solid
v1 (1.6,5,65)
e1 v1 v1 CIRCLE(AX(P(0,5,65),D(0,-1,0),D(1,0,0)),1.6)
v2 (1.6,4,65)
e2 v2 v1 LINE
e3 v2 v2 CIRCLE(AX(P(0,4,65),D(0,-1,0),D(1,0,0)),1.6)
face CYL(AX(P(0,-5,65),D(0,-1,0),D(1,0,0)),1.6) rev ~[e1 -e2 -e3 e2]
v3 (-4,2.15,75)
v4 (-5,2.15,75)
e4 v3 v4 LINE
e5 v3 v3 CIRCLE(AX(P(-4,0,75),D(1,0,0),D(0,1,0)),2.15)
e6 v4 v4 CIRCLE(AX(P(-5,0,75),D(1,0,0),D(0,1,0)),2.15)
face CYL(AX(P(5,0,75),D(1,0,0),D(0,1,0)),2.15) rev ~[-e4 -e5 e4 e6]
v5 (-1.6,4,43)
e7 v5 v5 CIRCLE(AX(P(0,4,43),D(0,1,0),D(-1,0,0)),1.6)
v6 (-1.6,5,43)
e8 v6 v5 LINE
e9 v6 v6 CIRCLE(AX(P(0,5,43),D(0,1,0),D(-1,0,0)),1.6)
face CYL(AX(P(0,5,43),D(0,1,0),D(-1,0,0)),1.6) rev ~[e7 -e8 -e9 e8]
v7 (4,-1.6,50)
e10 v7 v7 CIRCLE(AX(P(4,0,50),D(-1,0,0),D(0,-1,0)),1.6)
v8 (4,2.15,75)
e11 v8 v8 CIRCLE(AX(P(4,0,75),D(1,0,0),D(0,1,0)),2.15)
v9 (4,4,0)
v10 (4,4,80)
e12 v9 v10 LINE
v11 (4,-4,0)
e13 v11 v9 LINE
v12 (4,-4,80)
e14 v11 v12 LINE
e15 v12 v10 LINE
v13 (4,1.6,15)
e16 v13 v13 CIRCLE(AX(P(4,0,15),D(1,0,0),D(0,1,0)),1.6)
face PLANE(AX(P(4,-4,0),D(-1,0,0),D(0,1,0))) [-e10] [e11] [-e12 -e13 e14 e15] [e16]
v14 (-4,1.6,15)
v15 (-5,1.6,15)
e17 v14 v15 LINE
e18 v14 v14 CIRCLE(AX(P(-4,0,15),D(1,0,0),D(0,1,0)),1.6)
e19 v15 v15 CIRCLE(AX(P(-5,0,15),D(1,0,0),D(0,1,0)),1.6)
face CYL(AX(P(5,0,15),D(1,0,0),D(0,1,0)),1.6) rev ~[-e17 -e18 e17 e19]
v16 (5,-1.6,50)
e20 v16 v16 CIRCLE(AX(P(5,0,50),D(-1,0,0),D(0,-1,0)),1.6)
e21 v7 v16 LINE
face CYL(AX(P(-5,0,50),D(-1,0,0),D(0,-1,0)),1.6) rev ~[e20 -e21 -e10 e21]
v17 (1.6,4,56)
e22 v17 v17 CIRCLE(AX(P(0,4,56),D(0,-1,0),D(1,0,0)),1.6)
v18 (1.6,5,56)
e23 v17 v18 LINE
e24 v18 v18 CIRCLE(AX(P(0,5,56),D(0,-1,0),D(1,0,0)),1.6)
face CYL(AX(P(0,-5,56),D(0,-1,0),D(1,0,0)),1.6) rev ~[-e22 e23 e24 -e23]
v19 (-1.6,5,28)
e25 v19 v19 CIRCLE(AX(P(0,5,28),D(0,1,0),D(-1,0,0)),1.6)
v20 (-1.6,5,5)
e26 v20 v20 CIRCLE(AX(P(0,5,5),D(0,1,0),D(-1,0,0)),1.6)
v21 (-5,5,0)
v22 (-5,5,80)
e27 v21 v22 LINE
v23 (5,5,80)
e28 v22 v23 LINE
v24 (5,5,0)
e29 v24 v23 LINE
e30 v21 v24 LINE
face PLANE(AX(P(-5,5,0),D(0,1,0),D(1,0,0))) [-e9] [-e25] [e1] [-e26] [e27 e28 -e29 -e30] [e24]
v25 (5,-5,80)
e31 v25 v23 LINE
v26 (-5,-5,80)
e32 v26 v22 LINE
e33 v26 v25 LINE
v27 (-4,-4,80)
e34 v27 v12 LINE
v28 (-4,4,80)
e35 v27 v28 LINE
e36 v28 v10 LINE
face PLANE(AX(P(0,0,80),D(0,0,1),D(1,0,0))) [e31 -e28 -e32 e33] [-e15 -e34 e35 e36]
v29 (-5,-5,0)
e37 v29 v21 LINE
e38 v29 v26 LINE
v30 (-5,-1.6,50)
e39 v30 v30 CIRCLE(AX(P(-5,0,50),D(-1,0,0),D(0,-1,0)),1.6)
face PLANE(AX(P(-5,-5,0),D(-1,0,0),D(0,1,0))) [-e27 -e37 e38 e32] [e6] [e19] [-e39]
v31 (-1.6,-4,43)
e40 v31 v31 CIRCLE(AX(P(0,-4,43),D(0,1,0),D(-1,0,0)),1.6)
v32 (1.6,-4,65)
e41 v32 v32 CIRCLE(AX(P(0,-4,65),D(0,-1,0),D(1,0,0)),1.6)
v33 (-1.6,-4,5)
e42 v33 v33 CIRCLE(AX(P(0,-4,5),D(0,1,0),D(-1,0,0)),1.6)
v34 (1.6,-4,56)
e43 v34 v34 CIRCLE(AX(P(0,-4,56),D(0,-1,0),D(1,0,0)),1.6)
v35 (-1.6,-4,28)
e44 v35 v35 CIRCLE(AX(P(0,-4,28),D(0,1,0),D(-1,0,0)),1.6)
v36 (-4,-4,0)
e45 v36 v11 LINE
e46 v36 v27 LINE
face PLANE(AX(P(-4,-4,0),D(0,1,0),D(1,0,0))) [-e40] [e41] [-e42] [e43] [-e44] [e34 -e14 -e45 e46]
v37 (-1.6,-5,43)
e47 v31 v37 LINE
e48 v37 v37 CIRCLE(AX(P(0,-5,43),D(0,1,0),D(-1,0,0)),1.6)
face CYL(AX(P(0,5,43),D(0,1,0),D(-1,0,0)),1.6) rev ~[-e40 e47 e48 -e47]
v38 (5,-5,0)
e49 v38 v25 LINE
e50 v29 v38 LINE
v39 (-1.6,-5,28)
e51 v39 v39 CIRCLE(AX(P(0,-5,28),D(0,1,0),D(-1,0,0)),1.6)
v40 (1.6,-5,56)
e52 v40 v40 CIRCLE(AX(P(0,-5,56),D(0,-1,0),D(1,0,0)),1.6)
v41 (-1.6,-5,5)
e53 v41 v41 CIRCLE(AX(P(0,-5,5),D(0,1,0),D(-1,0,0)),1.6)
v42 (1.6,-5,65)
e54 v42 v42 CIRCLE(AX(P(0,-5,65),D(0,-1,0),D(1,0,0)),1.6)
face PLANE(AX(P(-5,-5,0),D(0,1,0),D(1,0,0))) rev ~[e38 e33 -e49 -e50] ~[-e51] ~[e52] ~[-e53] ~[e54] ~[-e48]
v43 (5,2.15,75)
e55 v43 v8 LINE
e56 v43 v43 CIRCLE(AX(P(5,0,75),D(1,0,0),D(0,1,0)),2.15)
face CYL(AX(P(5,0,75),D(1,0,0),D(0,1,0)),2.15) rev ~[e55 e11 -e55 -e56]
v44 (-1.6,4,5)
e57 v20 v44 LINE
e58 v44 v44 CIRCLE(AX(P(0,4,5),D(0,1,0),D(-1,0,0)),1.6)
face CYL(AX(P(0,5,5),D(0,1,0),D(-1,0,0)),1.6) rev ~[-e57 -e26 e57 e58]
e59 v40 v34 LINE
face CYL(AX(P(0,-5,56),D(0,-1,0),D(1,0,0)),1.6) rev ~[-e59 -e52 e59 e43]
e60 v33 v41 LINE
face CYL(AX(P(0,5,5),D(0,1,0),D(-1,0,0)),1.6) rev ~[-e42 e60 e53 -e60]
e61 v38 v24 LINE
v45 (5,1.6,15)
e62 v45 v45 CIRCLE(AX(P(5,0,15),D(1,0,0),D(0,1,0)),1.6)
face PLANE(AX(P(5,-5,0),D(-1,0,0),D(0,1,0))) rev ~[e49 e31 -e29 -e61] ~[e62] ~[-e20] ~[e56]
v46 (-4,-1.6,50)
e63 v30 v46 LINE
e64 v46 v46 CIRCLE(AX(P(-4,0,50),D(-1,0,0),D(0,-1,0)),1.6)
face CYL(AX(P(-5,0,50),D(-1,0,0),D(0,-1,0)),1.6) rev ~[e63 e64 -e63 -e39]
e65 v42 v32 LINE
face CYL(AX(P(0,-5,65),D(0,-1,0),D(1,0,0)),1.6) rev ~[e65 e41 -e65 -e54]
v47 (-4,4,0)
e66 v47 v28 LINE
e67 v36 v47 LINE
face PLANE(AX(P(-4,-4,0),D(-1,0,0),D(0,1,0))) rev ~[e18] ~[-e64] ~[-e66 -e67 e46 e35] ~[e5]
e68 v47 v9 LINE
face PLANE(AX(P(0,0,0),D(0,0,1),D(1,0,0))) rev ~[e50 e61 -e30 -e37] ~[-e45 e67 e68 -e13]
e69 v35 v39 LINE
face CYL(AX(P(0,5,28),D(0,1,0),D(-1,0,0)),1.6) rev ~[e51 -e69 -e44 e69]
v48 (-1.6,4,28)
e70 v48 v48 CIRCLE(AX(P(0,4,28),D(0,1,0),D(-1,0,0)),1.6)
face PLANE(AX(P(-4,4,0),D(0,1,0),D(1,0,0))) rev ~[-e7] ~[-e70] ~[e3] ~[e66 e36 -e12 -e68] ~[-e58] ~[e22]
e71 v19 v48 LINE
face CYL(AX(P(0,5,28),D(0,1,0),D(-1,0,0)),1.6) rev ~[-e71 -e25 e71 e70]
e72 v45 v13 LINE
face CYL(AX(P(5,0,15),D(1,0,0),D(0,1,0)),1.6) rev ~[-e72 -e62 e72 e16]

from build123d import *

# Parameters (mm, degrees)
SKETCH_1_W          = 10
SKETCH_1_H          = 10
SKETCH_1_W_2        = 8
SKETCH_1_H_2        = 8
EXTRUDE_1_DEPTH     = 80
SKETCH_2_R          = 1.6
CUT_EXTRUDE_1_DEPTH = 81.777472107
SKETCH_3_R          = 1.6
CUT_EXTRUDE_2_DEPTH = 81.777472107
SKETCH_4_R          = 1.6
CUT_EXTRUDE_3_DEPTH = 81.777472107
SKETCH_5_R          = 1.6
CUT_EXTRUDE_4_DEPTH = 81.777472107
SKETCH_6_R          = 1.6
CUT_EXTRUDE_5_DEPTH = 81.777472107
SKETCH_7_R          = 2.15
CUT_EXTRUDE_6_DEPTH = 81.777472107


with BuildPart() as part:
    # ｽｹｯﾁ1 → 押し出し-薄板1 (new body)
    with BuildSketch(Plane.XY):
        Rectangle(SKETCH_1_W, SKETCH_1_H)
        Rectangle(SKETCH_1_W_2, SKETCH_1_H_2, mode=Mode.SUBTRACT)
    extrude(amount=EXTRUDE_1_DEPTH)

    # ｽｹｯﾁ2 → ｶｯﾄ - 押し出し1 (cut, through all)
    with BuildSketch(Plane(origin=(0, 5, 0), x_dir=(1, 0, 0), z_dir=(0, 1, 0))):
        with Locations(Location((0, -5, 0), (0, 0, 180))):
            Circle(SKETCH_2_R)
    extrude(amount=-CUT_EXTRUDE_1_DEPTH, mode=Mode.SUBTRACT)

    # ｽｹｯﾁ3 → ｶｯﾄ - 押し出し2 (cut, through all)
    with BuildSketch(Plane(origin=(5, 0, 0), x_dir=(0, 0, -1), z_dir=(1, 0, 0))):
        with Locations(Location((-15, 0, 0), (0, 0, 90))):
            Circle(SKETCH_3_R)
    extrude(amount=-CUT_EXTRUDE_2_DEPTH, mode=Mode.SUBTRACT)

    # ｽｹｯﾁ4 → ｶｯﾄ - 押し出し3 (cut, through all)
    with BuildSketch(Plane.XZ.offset(5)):
        with Locations((0, 65)):
            Circle(SKETCH_4_R)
        with Locations((0, 56)):
            Circle(SKETCH_4_R)
    extrude(amount=-CUT_EXTRUDE_3_DEPTH, mode=Mode.SUBTRACT)

    # ｽｹｯﾁ5 → ｶｯﾄ - 押し出し4 (cut, through all)
    with BuildSketch(Plane.ZY.offset(5)):
        with Locations(Location((50, 0, 0), (0, 0, 270))):
            Circle(SKETCH_5_R)
    extrude(amount=-CUT_EXTRUDE_4_DEPTH, mode=Mode.SUBTRACT)

    # ｽｹｯﾁ6 → ｶｯﾄ - 押し出し5 (cut, through all)
    with BuildSketch(Plane(origin=(0, 5, 0), x_dir=(1, 0, 0), z_dir=(0, 1, 0))):
        with Locations(Location((0, -43, 0), (0, 0, 180))):
            Circle(SKETCH_6_R)
        with Locations(Location((0, -28, 0), (0, 0, 180))):
            Circle(SKETCH_6_R)
    extrude(amount=-CUT_EXTRUDE_5_DEPTH, mode=Mode.SUBTRACT)

    # ｽｹｯﾁ7 → ｶｯﾄ - 押し出し6 (cut, through all)
    with BuildSketch(Plane(origin=(5, 0, 0), x_dir=(0, 0, -1), z_dir=(1, 0, 0))):
        with Locations(Location((-75, 0, 0), (0, 0, 90))):
            Circle(SKETCH_7_R)
    extrude(amount=-CUT_EXTRUDE_6_DEPTH, mode=Mode.SUBTRACT)


solid = part.part
